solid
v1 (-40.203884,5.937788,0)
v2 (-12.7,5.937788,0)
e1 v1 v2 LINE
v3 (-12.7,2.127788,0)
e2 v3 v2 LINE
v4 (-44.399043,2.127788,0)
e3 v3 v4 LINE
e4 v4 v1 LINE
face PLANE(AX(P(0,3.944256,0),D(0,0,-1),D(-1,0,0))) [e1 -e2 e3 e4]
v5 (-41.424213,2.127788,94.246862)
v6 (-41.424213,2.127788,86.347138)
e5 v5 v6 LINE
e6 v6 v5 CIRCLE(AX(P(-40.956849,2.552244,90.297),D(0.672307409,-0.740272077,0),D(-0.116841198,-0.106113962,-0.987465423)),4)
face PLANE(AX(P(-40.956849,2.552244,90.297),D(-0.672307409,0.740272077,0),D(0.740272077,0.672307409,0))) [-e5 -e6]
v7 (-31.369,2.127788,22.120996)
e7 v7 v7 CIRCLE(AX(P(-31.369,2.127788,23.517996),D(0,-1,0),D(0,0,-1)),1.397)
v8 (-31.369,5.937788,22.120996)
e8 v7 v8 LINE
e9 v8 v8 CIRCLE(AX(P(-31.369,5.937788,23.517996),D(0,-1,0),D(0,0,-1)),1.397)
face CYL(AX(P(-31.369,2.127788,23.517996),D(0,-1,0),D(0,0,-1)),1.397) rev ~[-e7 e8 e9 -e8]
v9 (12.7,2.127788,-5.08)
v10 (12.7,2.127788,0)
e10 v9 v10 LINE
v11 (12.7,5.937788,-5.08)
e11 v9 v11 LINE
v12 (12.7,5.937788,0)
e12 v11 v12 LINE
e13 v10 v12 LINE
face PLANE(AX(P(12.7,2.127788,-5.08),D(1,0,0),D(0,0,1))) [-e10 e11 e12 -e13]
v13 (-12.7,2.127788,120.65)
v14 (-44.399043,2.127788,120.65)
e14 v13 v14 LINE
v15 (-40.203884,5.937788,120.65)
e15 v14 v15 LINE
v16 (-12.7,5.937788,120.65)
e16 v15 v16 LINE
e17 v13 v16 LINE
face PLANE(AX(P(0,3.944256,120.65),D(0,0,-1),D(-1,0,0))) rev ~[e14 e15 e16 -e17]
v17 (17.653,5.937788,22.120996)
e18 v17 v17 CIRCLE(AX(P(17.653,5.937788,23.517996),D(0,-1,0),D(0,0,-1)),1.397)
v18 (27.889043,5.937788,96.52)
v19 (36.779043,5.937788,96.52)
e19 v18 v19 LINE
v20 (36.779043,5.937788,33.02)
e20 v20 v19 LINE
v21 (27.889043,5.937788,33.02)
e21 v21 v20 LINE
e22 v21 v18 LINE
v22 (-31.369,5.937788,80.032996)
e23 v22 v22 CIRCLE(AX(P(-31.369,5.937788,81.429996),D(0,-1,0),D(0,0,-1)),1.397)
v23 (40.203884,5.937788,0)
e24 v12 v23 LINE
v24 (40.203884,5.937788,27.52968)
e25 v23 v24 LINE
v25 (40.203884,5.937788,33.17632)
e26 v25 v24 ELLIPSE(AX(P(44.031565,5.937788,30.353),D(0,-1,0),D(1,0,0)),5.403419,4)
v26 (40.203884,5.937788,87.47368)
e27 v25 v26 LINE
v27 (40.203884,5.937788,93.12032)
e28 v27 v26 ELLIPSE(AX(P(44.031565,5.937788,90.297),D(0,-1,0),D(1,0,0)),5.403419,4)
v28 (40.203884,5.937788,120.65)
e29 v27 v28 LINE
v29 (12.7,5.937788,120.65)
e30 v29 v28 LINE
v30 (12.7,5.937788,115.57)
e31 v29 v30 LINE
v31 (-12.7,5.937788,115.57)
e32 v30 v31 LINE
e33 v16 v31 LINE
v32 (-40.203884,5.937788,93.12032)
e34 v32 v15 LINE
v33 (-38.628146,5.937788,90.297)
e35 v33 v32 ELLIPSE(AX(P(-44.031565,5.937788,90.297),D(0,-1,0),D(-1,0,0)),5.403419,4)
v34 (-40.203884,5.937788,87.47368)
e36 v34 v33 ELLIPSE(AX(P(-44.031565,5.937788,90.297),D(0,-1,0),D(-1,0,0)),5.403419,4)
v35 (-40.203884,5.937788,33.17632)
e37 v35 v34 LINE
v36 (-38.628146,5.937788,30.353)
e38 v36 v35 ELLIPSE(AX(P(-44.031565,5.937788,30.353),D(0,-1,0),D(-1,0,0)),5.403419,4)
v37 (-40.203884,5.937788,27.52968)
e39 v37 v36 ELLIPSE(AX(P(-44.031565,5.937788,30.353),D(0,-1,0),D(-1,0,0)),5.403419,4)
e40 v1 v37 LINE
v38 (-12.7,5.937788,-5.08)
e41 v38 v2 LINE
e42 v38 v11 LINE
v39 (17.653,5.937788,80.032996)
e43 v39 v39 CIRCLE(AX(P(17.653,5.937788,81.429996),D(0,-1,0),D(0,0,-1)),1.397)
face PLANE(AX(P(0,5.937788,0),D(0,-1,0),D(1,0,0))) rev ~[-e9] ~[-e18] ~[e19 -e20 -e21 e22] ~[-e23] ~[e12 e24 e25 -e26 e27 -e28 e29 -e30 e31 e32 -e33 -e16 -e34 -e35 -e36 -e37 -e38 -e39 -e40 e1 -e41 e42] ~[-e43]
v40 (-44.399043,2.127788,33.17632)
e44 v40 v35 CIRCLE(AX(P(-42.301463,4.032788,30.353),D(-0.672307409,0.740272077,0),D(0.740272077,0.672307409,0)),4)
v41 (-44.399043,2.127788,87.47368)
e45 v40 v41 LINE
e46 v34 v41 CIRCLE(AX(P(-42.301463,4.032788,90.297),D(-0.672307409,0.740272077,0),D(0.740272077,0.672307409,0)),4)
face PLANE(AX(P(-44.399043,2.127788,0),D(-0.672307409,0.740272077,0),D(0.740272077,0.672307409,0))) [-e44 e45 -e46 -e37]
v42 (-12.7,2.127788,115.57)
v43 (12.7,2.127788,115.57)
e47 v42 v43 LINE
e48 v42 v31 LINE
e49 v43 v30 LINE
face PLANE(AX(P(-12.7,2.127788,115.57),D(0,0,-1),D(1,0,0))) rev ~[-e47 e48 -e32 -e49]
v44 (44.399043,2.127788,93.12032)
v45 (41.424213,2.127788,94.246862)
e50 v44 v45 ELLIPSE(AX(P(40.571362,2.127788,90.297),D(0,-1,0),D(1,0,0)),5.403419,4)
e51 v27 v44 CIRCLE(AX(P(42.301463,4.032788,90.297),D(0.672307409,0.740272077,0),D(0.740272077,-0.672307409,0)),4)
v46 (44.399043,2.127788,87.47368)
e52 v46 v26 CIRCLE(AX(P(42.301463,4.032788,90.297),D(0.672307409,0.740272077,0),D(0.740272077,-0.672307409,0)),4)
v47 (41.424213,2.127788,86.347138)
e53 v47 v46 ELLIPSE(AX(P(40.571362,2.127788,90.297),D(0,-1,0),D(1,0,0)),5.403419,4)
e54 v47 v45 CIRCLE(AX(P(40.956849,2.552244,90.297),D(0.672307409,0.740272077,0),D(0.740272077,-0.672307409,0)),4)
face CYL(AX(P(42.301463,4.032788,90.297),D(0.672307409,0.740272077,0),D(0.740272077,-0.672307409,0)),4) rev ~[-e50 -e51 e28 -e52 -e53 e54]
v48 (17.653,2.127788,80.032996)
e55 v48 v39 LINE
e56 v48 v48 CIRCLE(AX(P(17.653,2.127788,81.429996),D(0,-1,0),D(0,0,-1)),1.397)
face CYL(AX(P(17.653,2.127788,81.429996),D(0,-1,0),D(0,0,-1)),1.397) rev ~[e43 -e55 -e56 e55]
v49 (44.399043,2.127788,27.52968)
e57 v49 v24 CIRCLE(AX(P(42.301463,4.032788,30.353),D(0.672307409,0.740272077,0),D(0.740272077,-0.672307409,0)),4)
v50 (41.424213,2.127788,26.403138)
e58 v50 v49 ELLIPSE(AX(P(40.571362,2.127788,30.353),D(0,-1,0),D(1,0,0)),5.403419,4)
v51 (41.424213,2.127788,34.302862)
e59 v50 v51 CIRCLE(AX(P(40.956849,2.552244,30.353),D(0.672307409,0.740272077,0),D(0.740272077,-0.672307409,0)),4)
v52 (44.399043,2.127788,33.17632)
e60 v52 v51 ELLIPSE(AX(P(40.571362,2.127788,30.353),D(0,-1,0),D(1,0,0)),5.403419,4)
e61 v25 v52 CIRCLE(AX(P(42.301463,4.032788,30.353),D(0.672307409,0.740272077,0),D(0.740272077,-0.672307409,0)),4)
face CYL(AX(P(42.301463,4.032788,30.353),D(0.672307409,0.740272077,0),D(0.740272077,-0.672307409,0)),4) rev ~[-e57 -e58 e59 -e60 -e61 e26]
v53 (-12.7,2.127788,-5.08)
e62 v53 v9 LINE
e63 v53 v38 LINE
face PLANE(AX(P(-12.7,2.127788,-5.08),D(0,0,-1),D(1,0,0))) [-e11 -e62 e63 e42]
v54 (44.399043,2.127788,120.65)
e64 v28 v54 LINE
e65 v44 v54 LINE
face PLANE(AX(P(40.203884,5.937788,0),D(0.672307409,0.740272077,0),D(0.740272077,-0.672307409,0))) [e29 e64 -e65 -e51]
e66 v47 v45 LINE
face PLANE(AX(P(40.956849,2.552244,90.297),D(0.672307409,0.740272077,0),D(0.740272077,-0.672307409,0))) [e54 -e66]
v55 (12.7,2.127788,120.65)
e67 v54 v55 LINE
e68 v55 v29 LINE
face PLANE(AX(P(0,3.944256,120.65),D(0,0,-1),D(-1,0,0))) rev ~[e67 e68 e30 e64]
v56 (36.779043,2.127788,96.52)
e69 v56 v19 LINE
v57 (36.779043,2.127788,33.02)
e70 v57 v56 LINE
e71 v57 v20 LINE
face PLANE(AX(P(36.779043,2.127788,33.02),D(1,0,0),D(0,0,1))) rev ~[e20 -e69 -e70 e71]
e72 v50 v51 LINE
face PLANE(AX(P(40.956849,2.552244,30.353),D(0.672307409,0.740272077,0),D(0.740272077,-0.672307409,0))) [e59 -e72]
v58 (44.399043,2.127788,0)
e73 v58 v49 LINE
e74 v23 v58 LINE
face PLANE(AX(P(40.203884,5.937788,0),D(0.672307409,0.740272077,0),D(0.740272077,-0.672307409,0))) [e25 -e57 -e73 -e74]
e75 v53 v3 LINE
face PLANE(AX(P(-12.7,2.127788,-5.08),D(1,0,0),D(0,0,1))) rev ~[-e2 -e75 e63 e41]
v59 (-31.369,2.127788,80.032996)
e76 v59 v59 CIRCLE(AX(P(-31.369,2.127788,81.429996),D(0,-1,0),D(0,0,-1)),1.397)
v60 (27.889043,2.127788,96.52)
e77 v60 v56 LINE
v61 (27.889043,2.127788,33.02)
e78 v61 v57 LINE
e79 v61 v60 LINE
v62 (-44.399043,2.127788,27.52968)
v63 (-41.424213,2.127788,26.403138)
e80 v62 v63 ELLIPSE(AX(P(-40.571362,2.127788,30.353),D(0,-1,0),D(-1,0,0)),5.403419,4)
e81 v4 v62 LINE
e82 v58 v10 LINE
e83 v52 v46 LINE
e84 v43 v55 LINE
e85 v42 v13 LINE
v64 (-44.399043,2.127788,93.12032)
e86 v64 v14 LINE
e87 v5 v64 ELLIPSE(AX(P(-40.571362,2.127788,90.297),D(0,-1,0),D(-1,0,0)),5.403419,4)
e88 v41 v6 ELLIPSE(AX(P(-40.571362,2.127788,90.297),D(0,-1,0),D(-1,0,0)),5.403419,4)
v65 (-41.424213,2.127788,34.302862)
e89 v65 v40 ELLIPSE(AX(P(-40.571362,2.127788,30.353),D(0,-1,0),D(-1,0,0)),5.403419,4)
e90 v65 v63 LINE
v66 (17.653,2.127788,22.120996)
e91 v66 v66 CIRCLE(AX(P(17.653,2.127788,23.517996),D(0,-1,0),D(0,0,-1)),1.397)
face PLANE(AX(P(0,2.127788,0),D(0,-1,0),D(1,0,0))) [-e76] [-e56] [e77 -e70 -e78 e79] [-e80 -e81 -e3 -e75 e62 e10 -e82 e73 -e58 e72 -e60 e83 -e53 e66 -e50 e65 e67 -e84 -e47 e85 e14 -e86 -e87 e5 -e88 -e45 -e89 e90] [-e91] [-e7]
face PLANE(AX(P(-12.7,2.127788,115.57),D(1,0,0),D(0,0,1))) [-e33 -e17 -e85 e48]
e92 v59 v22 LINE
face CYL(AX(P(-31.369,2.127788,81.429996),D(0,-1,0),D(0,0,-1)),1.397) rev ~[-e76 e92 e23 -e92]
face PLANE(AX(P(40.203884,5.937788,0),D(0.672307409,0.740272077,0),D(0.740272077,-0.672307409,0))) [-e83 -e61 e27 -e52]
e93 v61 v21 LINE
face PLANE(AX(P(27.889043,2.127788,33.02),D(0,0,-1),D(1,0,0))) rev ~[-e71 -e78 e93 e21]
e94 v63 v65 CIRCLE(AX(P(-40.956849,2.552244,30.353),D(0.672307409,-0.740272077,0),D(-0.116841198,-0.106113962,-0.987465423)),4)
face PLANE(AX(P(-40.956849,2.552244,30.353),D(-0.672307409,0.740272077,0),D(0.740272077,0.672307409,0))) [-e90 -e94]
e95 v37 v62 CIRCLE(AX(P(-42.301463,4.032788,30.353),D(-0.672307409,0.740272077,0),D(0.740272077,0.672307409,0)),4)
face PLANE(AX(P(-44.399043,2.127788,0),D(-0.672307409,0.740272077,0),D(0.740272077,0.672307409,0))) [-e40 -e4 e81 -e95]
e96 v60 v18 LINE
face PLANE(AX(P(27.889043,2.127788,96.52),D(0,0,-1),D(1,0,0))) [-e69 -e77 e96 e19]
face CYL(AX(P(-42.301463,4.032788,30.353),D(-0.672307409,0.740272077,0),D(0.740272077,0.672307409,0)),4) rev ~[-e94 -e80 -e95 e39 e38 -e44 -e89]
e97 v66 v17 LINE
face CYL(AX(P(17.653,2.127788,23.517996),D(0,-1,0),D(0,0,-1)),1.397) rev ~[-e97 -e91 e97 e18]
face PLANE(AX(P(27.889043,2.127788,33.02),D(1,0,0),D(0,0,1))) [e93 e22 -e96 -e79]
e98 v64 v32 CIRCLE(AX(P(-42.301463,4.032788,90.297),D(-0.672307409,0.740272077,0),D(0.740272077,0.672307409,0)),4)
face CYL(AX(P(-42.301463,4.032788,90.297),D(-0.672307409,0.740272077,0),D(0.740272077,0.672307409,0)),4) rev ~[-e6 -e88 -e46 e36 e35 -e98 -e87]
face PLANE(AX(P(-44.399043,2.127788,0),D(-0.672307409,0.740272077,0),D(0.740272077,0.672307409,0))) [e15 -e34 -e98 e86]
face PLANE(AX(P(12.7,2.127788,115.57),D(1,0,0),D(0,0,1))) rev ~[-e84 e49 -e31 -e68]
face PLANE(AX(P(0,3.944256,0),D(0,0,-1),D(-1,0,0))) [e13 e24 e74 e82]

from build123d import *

# Parameters (mm, degrees)
BOSS_EXTRUDE1_DEPTH = 120.65
SKETCH2_R           = 1.397
CUT_EXTRUDE1_DEPTH  = 129.616537105
SKETCH3_W           = 25.4
SKETCH3_H           = 5.08
CUT_EXTRUDE2_DEPTH  = 129.616537105
SKETCH5_W           = 25.4
SKETCH5_H           = 10.16
BOSS_EXTRUDE3_DEPTH = 3.81
SKETCH6_W           = 8.89
SKETCH6_H           = 63.5
CUT_EXTRUDE3_DEPTH  = 129.616537105
SKETCH7_R           = 4
CUT_EXTRUDE4_DEPTH  = 2
SKETCH8_R           = 4
CUT_EXTRUDE5_DEPTH  = 2


with BuildPart() as part:
    # Sketch1 → Boss-Extrude1 (new body)
    with BuildSketch(Plane.XY):
        Polygon((-40.203883769, 5.937788296), (40.203883769, 5.937788296), (44.399042974, 2.127788296), (-44.399042974, 2.127788296), align=None)
    extrude(amount=BOSS_EXTRUDE1_DEPTH)

    # Sketch2 → Cut-Extrude1 (cut, through all)
    with BuildSketch(Plane.XZ.offset(-2.127788296)):
        with Locations(Location((-31.369, 81.429995649, 0), (0, 0, 270))):
            Circle(SKETCH2_R)
        with Locations(Location((17.653, 23.517995649, 0), (0, 0, 270))):
            Circle(SKETCH2_R)
        with Locations(Location((-31.369, 23.517995649, 0), (0, 0, 270))):
            Circle(SKETCH2_R)
        with Locations(Location((17.653, 81.429995649, 0), (0, 0, 270))):
            Circle(SKETCH2_R)
    extrude(amount=-CUT_EXTRUDE1_DEPTH, mode=Mode.SUBTRACT)

    # Sketch3 → Cut-Extrude2 (cut, through all)
    with BuildSketch(Plane.XZ.offset(-2.127788296)):
        with Locations((0, 118.11)):
            Rectangle(SKETCH3_W, SKETCH3_H)
        with Locations((0, 2.54)):
            Rectangle(SKETCH3_W, SKETCH3_H)
    extrude(amount=-CUT_EXTRUDE2_DEPTH, mode=Mode.SUBTRACT)

    # Sketch5 → Boss-Extrude3 (add)
    with BuildSketch(Plane.XZ.offset(-2.127788296)):
        Rectangle(SKETCH5_W, SKETCH5_H)
    extrude(amount=-BOSS_EXTRUDE3_DEPTH)

    # Sketch6 → Cut-Extrude3 (cut, through all)
    with BuildSketch(Plane.XZ.offset(-2.127788296)):
        with Locations((32.334042974, 64.77)):
            Rectangle(SKETCH6_W, SKETCH6_H)
    extrude(amount=-CUT_EXTRUDE3_DEPTH, mode=Mode.SUBTRACT)

    # Sketch7 → Cut-Extrude4 (cut)
    with BuildSketch(Plane(origin=(21.127225221, 23.263011377, 0), x_dir=(0.7402720771062566, -0.6723074087475077, 0), z_dir=(0.6723074087475077, 0.7402720771062566, 0))):
        with Locations((28.603318705, -90.297)):
            Circle(SKETCH7_R)
        with Locations((28.603318705, -30.353)):
            Circle(SKETCH7_R)
    extrude(amount=-CUT_EXTRUDE4_DEPTH, mode=Mode.SUBTRACT)

    # Sketch8 → Cut-Extrude5 (cut)
    with BuildSketch(Plane(origin=(-21.127225221, 23.263011377, 0), x_dir=(0.7402720771062566, 0.6723074087475077, 0), z_dir=(-0.6723074087475077, 0.7402720771062566, 0))):
        with Locations((-28.603318705, -30.353)):
            Circle(SKETCH8_R)
        with Locations((-28.603318705, -90.297)):
            Circle(SKETCH8_R)
    extrude(amount=-CUT_EXTRUDE5_DEPTH, mode=Mode.SUBTRACT)


solid = part.part
